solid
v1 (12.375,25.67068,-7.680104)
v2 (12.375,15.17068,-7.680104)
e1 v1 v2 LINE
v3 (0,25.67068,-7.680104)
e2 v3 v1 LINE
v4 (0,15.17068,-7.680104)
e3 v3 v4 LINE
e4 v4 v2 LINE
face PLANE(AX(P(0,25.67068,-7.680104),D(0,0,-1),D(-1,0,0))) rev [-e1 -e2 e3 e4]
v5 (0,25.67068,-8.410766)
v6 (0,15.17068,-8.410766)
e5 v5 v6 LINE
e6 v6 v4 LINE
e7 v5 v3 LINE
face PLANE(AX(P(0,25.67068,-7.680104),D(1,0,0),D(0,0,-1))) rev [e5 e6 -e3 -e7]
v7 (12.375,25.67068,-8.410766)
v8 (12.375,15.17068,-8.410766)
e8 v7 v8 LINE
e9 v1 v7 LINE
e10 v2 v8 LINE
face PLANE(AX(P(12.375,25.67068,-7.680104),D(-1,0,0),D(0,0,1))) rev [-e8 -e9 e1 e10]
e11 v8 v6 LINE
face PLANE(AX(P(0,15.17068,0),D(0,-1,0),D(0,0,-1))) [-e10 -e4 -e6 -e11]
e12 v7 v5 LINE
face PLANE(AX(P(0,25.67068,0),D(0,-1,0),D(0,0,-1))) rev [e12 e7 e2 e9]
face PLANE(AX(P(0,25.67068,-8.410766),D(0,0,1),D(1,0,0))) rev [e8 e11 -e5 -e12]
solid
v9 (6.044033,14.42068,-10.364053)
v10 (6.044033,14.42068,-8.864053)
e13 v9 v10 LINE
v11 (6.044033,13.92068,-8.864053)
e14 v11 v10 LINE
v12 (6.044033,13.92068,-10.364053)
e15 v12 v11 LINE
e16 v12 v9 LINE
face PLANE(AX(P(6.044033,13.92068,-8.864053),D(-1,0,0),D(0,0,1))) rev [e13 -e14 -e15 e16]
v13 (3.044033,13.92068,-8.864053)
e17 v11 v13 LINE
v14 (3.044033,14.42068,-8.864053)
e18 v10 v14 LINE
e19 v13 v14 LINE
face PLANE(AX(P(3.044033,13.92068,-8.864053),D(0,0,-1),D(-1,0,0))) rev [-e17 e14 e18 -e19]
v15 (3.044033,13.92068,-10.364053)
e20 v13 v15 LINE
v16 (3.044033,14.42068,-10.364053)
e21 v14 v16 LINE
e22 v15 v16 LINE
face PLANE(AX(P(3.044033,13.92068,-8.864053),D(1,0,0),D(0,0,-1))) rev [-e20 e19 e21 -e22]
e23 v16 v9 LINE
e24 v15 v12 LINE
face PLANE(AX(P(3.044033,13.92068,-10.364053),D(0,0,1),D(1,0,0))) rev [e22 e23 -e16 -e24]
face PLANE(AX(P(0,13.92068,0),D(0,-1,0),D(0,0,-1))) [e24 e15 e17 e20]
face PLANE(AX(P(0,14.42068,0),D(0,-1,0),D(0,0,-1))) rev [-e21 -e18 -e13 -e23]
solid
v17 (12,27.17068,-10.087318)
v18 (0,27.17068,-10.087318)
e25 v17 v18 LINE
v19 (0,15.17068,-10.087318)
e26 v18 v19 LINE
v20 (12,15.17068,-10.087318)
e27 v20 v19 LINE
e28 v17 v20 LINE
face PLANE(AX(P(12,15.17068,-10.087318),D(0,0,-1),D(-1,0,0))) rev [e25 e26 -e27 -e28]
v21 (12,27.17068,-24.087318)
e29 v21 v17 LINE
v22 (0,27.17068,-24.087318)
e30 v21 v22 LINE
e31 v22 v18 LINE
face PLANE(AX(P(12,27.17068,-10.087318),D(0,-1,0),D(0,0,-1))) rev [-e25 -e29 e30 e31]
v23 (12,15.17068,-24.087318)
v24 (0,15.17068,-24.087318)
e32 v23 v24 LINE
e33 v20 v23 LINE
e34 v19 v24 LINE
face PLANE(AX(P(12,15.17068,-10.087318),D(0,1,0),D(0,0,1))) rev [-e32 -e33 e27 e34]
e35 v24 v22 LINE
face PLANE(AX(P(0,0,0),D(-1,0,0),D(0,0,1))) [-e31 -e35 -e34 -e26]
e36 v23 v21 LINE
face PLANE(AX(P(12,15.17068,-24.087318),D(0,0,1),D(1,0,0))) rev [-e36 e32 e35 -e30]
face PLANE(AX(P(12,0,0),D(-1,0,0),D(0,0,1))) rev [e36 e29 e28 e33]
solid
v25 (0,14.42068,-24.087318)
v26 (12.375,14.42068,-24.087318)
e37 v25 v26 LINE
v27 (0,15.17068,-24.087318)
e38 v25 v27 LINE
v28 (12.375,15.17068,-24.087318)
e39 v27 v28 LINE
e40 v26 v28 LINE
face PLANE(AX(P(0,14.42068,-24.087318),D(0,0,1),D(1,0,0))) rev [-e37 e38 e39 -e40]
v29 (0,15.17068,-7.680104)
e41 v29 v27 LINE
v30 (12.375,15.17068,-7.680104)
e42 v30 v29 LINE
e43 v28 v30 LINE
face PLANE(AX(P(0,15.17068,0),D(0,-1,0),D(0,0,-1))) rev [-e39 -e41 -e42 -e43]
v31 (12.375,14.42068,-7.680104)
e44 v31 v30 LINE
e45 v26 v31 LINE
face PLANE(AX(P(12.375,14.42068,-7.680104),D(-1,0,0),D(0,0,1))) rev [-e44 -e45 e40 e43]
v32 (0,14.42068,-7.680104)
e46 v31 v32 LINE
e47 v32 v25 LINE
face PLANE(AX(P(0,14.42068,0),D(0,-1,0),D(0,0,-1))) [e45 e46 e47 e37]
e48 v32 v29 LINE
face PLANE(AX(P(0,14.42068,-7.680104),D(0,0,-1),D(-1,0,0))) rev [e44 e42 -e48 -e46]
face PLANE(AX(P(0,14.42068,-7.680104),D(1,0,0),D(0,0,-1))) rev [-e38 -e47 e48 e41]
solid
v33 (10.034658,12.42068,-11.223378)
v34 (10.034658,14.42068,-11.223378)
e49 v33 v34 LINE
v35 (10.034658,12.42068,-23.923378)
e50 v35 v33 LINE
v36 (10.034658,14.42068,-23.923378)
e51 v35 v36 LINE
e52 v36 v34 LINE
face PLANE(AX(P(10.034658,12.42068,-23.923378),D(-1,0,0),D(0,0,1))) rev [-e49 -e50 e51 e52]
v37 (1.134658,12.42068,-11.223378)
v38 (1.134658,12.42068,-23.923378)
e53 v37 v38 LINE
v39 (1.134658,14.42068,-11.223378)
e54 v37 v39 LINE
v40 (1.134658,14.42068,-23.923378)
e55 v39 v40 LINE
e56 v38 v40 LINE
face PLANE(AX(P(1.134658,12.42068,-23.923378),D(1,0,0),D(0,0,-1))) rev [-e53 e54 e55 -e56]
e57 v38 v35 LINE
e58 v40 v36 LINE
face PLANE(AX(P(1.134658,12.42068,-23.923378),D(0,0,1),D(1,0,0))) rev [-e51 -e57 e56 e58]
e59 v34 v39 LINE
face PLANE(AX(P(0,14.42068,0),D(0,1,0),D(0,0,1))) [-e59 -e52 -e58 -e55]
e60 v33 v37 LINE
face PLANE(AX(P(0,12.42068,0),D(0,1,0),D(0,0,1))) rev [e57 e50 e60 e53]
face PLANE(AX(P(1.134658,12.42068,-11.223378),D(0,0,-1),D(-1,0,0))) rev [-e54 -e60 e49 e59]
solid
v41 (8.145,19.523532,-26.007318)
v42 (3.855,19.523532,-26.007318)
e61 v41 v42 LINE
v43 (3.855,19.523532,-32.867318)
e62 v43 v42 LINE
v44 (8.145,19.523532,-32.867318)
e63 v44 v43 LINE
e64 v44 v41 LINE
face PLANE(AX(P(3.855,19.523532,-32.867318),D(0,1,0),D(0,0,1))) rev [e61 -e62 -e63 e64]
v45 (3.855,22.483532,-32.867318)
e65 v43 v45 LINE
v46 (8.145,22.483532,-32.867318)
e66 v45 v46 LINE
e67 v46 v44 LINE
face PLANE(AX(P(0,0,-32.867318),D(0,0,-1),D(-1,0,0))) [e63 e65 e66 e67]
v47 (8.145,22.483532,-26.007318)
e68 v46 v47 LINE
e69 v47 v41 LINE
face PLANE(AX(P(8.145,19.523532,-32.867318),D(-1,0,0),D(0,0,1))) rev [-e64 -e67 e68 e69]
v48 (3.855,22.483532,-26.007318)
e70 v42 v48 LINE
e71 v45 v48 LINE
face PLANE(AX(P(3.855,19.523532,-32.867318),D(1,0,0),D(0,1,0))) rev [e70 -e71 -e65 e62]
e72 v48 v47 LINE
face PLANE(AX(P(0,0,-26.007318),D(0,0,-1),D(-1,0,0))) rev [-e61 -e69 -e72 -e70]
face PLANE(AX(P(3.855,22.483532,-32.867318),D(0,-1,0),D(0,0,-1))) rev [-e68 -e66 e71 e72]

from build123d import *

# Parameters (mm, degrees)
SKETCH1_W        = 14
SKETCH1_H        = 12
BATTERY_DEPTH    = 12
SKETCH2_W        = 4.29
SKETCH2_H        = 2.96
DRIVER_DEPTH     = 6.86
SKETCH10_W       = 12.375
SKETCH10_H       = 16.407214065
PCB_DEPTH        = 0.75
SKETCH11_W       = 8.9
SKETCH11_H       = 12.7
KLR_DEVICE_DEPTH = 2
SKETCH12_W       = 3
SKETCH12_H       = 1.5
ANTENNA_DEPTH    = 0.5
SKETCH13_W       = 12.375
SKETCH13_H       = 0.730661869
SUBSTRATE_DEPTH  = 10.5


with BuildPart() as part:
    # Sketch1 → battery (new body)
    with BuildSketch(Plane(origin=(0, 0, 0), x_dir=(0, 0, -1), z_dir=(1, 0, 0))):
        with Locations((17.087318323, 21.170679999)):
            Rectangle(SKETCH1_W, SKETCH1_H)
    extrude(amount=BATTERY_DEPTH)


with BuildPart() as body_2:
    # Sketch2 → driver (new body)
    with BuildSketch(Plane(origin=(0, 0, -26.007318323), x_dir=(-1, 0, 0), z_dir=(0, 0, -1))):
        with Locations((-6, 21.003531679)):
            Rectangle(SKETCH2_W, SKETCH2_H)
    extrude(amount=DRIVER_DEPTH)


with BuildPart() as body_3:
    # Sketch10 → PCB (new body)
    with BuildSketch(Plane.XZ.offset(-15.170679999)):
        with Locations((6.1875, -15.883711291)):
            Rectangle(SKETCH10_W, SKETCH10_H)
    extrude(amount=PCB_DEPTH)


with BuildPart() as body_4:
    # Sketch11 → KLR device (new body)
    with BuildSketch(Plane.XZ.offset(-14.420679999)):
        with Locations((5.584658381, -17.573378155)):
            Rectangle(SKETCH11_W, SKETCH11_H)
    extrude(amount=KLR_DEVICE_DEPTH)


with BuildPart() as body_5:
    # Sketch12 → antenna (new body)
    with BuildSketch(Plane.XZ.offset(-14.420679999)):
        with Locations((4.544033237, -9.614053485)):
            Rectangle(SKETCH12_W, SKETCH12_H)
    extrude(amount=ANTENNA_DEPTH)


with BuildPart() as body_6:
    # Sketch13 → substrate (new body)
    with BuildSketch(Plane(origin=(0, 15.170679999, 0), x_dir=(1, 0, 0), z_dir=(0, 1, 0))):
        with Locations((6.1875, 8.045435193)):
            Rectangle(SKETCH13_W, SKETCH13_H)
    extrude(amount=SUBSTRATE_DEPTH)


solid = Compound([part.part, body_2.part, body_3.part, body_4.part, body_5.part, body_6.part])
